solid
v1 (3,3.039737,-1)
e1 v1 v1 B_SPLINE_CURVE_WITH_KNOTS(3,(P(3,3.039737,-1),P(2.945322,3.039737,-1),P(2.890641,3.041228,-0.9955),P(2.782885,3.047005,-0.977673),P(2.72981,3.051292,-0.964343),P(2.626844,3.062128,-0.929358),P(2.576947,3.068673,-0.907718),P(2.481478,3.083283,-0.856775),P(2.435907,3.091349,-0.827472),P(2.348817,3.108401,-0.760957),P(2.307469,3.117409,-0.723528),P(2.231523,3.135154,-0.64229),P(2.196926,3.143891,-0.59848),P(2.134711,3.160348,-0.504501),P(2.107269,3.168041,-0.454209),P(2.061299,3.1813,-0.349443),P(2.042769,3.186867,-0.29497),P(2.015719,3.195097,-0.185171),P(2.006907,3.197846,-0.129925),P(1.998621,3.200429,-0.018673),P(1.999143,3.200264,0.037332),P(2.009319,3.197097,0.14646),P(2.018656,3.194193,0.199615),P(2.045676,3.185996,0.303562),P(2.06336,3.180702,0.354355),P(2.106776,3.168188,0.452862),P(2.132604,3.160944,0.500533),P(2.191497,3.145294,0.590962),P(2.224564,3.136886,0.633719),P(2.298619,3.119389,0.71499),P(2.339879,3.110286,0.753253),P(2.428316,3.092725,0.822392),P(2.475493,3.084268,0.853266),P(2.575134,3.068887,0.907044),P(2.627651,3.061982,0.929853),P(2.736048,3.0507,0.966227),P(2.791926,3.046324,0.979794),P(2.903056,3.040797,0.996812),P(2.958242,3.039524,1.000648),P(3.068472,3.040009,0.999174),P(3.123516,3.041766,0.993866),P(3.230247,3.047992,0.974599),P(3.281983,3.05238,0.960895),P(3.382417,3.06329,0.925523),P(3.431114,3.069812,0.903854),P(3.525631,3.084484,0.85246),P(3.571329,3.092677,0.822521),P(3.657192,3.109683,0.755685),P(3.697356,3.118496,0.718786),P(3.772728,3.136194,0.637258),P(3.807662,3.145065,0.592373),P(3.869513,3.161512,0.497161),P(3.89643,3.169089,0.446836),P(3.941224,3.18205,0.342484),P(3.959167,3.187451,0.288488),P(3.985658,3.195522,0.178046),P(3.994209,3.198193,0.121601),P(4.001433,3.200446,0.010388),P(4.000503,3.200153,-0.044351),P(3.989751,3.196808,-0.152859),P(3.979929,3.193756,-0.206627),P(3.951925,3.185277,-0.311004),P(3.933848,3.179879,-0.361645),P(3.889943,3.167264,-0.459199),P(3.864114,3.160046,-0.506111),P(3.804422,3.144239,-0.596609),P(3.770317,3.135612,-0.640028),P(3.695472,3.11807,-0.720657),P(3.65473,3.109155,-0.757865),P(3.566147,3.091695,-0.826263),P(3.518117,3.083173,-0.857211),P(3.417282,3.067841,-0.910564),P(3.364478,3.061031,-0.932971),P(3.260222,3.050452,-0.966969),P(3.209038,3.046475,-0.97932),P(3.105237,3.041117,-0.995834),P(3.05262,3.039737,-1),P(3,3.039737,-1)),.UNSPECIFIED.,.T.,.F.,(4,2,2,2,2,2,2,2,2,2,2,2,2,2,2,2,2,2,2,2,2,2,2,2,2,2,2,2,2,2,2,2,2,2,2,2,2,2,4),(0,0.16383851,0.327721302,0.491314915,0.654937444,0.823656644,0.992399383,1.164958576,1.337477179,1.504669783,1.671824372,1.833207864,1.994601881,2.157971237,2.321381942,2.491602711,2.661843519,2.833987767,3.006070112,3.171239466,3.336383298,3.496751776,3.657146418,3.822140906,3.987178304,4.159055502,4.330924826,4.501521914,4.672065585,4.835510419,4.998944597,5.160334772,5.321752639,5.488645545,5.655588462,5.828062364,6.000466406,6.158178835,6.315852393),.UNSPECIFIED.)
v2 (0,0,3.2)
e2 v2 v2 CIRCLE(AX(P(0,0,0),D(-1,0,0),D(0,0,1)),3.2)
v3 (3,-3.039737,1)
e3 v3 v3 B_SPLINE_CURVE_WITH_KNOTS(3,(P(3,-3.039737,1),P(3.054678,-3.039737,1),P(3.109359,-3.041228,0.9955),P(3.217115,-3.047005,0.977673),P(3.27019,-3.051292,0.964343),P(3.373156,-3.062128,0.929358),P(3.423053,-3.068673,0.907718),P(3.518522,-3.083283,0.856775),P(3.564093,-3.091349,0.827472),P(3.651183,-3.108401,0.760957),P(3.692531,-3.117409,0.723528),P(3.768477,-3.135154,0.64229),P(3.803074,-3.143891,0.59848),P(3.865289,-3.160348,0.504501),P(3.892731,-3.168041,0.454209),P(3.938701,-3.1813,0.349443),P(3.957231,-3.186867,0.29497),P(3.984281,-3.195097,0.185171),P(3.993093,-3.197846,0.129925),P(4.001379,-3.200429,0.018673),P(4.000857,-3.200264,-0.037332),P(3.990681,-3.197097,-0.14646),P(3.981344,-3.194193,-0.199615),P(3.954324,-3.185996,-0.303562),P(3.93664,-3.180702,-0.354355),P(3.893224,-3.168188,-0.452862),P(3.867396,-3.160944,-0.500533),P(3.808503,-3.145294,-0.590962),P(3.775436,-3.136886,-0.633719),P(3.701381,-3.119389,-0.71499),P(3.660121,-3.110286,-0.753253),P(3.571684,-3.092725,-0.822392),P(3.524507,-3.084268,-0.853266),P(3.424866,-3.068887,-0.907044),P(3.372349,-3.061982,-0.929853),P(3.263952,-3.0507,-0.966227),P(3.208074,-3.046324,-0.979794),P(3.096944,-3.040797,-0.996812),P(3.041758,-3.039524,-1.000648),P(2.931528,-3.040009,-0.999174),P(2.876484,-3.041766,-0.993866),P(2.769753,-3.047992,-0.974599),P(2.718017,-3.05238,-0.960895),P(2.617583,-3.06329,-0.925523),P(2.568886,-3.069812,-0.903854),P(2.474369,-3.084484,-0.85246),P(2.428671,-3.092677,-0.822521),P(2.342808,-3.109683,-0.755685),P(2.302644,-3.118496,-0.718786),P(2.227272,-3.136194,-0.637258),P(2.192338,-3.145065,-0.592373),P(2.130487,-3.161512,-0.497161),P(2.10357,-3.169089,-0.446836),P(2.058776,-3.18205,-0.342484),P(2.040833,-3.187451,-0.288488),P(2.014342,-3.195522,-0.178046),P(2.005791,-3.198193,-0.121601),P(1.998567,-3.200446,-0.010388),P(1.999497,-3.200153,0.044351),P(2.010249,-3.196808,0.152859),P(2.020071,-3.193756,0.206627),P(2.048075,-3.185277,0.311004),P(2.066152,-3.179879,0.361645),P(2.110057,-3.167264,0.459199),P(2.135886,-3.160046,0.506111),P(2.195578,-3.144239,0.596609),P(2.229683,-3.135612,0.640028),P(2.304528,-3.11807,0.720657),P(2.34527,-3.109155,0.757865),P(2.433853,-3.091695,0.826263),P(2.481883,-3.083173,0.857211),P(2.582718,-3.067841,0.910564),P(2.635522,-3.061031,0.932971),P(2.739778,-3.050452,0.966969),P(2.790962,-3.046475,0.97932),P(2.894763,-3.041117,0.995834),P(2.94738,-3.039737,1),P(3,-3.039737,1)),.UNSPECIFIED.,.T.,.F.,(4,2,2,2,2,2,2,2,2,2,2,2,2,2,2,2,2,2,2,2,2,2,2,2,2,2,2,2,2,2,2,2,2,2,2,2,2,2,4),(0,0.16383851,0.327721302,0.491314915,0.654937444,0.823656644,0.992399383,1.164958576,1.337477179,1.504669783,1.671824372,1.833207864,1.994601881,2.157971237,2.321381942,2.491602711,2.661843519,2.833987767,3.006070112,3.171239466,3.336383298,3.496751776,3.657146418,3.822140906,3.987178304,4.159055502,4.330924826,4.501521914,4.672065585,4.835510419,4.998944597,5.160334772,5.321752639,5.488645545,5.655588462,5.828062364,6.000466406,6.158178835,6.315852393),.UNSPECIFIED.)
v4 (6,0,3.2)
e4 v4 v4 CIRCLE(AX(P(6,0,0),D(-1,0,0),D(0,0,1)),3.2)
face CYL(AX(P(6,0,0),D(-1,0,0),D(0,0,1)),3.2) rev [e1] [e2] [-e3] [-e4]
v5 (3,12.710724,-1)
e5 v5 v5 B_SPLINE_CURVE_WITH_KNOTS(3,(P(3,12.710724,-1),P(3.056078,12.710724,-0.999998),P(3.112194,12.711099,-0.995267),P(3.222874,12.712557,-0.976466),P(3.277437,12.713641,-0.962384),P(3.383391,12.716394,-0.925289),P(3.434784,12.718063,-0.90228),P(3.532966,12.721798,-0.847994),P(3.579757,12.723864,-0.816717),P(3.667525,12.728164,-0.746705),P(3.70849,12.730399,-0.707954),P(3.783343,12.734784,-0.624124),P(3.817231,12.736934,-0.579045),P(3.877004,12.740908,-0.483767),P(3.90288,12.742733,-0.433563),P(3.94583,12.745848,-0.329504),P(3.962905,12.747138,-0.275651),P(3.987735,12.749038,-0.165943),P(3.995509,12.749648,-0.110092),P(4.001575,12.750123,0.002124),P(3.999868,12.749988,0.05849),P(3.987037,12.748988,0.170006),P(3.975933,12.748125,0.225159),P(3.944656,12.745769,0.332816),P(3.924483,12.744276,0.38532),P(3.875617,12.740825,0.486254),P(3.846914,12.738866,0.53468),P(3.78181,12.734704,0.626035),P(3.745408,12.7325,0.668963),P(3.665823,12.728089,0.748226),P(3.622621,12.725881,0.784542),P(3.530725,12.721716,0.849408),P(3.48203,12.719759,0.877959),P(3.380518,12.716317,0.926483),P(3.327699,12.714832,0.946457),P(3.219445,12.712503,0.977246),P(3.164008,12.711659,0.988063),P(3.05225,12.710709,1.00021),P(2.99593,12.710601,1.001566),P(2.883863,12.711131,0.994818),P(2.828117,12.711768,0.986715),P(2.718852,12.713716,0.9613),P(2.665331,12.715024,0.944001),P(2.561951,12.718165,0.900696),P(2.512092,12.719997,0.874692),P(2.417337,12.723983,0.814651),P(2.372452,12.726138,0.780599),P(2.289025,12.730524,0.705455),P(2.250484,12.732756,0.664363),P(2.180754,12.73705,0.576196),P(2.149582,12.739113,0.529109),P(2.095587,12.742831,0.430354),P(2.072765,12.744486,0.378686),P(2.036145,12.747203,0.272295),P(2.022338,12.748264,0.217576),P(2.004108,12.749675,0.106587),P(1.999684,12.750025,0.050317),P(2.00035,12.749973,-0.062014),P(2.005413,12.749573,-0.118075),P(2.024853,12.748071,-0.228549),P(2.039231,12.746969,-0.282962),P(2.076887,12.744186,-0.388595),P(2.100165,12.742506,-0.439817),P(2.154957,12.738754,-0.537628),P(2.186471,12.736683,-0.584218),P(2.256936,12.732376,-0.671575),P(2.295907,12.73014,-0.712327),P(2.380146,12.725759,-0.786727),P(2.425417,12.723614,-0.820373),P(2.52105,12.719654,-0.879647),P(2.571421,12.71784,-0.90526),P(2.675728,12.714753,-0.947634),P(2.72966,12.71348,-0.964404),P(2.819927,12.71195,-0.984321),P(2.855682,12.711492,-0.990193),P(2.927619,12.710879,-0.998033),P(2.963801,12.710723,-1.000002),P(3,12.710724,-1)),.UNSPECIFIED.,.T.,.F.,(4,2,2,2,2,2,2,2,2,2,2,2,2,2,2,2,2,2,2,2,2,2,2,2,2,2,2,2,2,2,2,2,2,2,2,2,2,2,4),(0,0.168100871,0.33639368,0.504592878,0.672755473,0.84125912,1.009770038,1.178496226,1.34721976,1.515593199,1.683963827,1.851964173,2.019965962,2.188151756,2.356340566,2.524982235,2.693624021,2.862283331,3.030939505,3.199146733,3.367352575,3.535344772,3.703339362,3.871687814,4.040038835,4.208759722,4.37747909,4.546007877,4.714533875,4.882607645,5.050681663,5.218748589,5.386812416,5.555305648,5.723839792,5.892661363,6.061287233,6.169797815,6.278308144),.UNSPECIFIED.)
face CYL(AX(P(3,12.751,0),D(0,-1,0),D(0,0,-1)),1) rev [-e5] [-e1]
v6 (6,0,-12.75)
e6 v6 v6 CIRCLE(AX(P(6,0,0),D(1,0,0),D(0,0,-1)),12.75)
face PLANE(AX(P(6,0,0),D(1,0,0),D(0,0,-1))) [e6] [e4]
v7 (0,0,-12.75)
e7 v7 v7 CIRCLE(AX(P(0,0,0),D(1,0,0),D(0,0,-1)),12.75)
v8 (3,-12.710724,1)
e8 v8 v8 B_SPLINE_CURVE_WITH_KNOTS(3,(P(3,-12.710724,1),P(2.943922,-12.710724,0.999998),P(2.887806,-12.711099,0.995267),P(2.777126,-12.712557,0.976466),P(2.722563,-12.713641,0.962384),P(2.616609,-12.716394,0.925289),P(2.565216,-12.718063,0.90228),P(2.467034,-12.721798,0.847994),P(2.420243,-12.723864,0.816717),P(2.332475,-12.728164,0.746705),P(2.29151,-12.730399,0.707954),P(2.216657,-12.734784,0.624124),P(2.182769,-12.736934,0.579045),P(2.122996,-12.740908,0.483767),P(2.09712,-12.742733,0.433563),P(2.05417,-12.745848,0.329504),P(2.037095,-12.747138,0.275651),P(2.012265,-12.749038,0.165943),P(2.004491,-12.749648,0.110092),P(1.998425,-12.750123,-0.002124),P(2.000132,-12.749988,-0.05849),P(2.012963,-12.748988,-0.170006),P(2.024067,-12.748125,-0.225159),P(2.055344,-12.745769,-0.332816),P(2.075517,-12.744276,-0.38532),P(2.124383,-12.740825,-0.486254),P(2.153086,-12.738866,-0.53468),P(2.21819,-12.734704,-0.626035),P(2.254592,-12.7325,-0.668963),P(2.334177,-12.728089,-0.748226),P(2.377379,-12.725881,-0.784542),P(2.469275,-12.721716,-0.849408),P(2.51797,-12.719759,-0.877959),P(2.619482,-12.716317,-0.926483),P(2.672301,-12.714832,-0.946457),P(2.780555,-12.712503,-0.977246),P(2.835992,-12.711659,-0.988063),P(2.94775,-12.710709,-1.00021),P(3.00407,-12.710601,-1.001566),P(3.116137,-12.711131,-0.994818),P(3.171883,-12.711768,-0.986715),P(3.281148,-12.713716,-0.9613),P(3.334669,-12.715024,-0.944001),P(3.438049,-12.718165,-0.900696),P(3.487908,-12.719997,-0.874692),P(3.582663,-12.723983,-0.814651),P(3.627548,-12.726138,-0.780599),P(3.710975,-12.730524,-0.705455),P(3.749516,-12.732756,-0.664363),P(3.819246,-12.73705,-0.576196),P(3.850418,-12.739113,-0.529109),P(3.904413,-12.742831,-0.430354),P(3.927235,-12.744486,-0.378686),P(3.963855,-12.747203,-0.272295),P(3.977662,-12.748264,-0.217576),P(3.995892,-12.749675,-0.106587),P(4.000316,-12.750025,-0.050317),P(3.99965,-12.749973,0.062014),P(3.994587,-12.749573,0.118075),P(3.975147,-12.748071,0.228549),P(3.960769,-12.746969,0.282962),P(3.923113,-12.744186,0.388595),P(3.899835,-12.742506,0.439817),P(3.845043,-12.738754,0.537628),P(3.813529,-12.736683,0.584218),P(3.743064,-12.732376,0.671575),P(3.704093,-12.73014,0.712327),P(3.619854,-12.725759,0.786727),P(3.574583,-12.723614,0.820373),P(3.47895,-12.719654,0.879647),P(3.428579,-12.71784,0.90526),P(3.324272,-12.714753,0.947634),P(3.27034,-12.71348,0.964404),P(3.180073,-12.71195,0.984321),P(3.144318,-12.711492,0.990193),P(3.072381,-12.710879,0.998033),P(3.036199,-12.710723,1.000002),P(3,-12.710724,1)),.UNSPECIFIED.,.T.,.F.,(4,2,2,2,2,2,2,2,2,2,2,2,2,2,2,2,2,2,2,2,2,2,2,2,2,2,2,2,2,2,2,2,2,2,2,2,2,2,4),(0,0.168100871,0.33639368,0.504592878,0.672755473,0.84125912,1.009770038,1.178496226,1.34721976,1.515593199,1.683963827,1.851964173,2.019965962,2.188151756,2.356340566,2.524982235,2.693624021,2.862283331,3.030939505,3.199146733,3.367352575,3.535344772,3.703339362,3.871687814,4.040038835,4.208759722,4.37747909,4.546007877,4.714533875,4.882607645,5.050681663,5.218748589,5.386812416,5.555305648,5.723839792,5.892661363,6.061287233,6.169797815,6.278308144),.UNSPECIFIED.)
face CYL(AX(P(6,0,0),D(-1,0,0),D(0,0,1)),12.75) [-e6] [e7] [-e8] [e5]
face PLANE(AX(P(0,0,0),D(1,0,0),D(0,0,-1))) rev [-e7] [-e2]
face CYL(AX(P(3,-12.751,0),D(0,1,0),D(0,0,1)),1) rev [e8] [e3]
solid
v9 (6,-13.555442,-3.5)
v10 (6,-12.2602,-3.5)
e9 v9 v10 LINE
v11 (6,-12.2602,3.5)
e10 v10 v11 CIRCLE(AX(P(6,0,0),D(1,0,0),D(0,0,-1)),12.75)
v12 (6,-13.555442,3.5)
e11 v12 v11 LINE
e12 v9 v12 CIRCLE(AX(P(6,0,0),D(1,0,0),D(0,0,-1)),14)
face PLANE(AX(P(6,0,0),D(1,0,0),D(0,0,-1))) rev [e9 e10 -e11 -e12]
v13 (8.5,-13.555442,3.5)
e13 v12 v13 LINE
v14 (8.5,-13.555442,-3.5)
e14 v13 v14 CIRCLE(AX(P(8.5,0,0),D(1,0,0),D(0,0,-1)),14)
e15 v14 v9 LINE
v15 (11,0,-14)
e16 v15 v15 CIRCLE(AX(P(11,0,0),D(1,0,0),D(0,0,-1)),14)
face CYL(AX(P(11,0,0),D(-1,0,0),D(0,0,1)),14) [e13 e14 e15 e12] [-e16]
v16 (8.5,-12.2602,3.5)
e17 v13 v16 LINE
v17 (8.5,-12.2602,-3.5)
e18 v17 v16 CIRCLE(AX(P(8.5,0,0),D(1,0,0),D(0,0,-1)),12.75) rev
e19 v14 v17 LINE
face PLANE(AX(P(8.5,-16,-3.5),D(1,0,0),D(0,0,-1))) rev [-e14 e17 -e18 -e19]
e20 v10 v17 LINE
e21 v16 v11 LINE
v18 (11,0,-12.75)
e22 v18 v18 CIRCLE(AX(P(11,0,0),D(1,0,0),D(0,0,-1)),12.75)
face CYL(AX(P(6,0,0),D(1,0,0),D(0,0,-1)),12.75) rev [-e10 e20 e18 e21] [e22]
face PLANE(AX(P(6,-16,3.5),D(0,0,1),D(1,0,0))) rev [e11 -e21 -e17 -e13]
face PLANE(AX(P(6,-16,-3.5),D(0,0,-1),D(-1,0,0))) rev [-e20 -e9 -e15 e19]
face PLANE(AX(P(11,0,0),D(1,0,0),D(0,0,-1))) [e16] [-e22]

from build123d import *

# Parameters (mm, degrees)
SKETCH_1_R                      = 12.75
EXTRUDE_1_DEPTH                 = 6
SKETCH_2_R                      = 3.2
CUT_EXTRUDE_1_DEPTH             = 6
CUT_EXTRUDE_2_REACH             = 21.003
SKETCH_3_R                      = 1
CUT_EXTRUDE_2_DIRECTION_2_REACH = 21.003
SKETCH_4_R                      = 14
EXTRUDE_2_DEPTH                 = 5
CUT_EXTRUDE_START               = -5
SKETCH_5_R                      = 12.75
CUT_EXTRUDE_3_DEPTH             = 5
SKETCH_6_W                      = 2.5
SKETCH_6_H                      = 7
CUT_EXTRUDE_4_DEPTH             = 16


with BuildPart() as part:
    # 草图1 → 凸台-拉伸1 (new body)
    with BuildSketch(Plane(origin=(0, 0, 0), x_dir=(0, 0, -1), z_dir=(1, 0, 0))):
        Circle(SKETCH_1_R)
    extrude(amount=EXTRUDE_1_DEPTH)

    # 草图2 → 切除-拉伸1 (cut)
    with BuildSketch(Plane.ZY):
        Circle(SKETCH_2_R)
    extrude(amount=-CUT_EXTRUDE_1_DEPTH, mode=Mode.SUBTRACT)

    # 草图3 → 切除-拉伸2 (cut, up to next)
    with BuildSketch(Plane(origin=(0, 0, 0), x_dir=(1, 0, 0), z_dir=(0, 1, 0)), mode=Mode.PRIVATE) as cut_extrude_2_sk1:
        with Locations(Location((3, 0, 0), (0, 0, 270))):
            Circle(SKETCH_3_R)
    cut_extrude_2_tool1 = extrude(cut_extrude_2_sk1.sketch, amount=-CUT_EXTRUDE_2_REACH, mode=Mode.PRIVATE) & part.part
    add(cut_extrude_2_tool1.solids().sort_by_distance((3, 0, 0))[0], mode=Mode.SUBTRACT)

    # 草图3 → 切除-拉伸2 direction 2 (cut, up to next)
    with BuildSketch(Plane(origin=(0, 0, 0), x_dir=(1, 0, 0), z_dir=(0, 1, 0)), mode=Mode.PRIVATE) as cut_extrude_2_direction_2_sk1:
        with Locations(Location((3, 0, 0), (0, 0, 270))):
            Circle(SKETCH_3_R)
    cut_extrude_2_direction_2_tool1 = extrude(cut_extrude_2_direction_2_sk1.sketch, amount=CUT_EXTRUDE_2_DIRECTION_2_REACH, mode=Mode.PRIVATE) & part.part
    add(cut_extrude_2_direction_2_tool1.solids().sort_by_distance((3, 0, 0))[0], mode=Mode.SUBTRACT)

    # 草图4 → 凸台-拉伸2 (add)
    with BuildSketch(Plane(origin=(6, 0, 0), x_dir=(0, 0, -1), z_dir=(1, 0, 0))):
        Circle(SKETCH_4_R)
    extrude(amount=EXTRUDE_2_DEPTH)

    # 草图5 → 切除-拉伸3 (cut)
    with BuildSketch(Plane(origin=(11, 0, 0), x_dir=(0, 0, -1), z_dir=(1, 0, 0)).offset(CUT_EXTRUDE_START)):
        Circle(SKETCH_5_R)
    extrude(amount=CUT_EXTRUDE_3_DEPTH, mode=Mode.SUBTRACT)


with BuildPart() as cut_extrude_3_piece_1:
    # of the separate pieces the step leaves, piece 1, a body of its own (cut_extrude_3_pieces)
    add(part.part.solids().sort_by_distance((0, 0, -12.75))[0])


with BuildPart() as cut_extrude_3_piece_2:
    # of the separate pieces the step leaves, piece 2, a body of its own (cut_extrude_3_pieces)
    add(part.part.solids().sort_by_distance((6, 0, -14))[0])

    # 草图6 → 切除-拉伸4 (cut)
    with BuildSketch(Plane(origin=(0, 0, 0), x_dir=(1, 0, 0), z_dir=(0, 1, 0))):
        with Locations((7.25, 0)):
            Rectangle(SKETCH_6_W, SKETCH_6_H)
    extrude(amount=-CUT_EXTRUDE_4_DEPTH, mode=Mode.SUBTRACT)


solid = Compound([cut_extrude_3_piece_1.part, cut_extrude_3_piece_2.part])
